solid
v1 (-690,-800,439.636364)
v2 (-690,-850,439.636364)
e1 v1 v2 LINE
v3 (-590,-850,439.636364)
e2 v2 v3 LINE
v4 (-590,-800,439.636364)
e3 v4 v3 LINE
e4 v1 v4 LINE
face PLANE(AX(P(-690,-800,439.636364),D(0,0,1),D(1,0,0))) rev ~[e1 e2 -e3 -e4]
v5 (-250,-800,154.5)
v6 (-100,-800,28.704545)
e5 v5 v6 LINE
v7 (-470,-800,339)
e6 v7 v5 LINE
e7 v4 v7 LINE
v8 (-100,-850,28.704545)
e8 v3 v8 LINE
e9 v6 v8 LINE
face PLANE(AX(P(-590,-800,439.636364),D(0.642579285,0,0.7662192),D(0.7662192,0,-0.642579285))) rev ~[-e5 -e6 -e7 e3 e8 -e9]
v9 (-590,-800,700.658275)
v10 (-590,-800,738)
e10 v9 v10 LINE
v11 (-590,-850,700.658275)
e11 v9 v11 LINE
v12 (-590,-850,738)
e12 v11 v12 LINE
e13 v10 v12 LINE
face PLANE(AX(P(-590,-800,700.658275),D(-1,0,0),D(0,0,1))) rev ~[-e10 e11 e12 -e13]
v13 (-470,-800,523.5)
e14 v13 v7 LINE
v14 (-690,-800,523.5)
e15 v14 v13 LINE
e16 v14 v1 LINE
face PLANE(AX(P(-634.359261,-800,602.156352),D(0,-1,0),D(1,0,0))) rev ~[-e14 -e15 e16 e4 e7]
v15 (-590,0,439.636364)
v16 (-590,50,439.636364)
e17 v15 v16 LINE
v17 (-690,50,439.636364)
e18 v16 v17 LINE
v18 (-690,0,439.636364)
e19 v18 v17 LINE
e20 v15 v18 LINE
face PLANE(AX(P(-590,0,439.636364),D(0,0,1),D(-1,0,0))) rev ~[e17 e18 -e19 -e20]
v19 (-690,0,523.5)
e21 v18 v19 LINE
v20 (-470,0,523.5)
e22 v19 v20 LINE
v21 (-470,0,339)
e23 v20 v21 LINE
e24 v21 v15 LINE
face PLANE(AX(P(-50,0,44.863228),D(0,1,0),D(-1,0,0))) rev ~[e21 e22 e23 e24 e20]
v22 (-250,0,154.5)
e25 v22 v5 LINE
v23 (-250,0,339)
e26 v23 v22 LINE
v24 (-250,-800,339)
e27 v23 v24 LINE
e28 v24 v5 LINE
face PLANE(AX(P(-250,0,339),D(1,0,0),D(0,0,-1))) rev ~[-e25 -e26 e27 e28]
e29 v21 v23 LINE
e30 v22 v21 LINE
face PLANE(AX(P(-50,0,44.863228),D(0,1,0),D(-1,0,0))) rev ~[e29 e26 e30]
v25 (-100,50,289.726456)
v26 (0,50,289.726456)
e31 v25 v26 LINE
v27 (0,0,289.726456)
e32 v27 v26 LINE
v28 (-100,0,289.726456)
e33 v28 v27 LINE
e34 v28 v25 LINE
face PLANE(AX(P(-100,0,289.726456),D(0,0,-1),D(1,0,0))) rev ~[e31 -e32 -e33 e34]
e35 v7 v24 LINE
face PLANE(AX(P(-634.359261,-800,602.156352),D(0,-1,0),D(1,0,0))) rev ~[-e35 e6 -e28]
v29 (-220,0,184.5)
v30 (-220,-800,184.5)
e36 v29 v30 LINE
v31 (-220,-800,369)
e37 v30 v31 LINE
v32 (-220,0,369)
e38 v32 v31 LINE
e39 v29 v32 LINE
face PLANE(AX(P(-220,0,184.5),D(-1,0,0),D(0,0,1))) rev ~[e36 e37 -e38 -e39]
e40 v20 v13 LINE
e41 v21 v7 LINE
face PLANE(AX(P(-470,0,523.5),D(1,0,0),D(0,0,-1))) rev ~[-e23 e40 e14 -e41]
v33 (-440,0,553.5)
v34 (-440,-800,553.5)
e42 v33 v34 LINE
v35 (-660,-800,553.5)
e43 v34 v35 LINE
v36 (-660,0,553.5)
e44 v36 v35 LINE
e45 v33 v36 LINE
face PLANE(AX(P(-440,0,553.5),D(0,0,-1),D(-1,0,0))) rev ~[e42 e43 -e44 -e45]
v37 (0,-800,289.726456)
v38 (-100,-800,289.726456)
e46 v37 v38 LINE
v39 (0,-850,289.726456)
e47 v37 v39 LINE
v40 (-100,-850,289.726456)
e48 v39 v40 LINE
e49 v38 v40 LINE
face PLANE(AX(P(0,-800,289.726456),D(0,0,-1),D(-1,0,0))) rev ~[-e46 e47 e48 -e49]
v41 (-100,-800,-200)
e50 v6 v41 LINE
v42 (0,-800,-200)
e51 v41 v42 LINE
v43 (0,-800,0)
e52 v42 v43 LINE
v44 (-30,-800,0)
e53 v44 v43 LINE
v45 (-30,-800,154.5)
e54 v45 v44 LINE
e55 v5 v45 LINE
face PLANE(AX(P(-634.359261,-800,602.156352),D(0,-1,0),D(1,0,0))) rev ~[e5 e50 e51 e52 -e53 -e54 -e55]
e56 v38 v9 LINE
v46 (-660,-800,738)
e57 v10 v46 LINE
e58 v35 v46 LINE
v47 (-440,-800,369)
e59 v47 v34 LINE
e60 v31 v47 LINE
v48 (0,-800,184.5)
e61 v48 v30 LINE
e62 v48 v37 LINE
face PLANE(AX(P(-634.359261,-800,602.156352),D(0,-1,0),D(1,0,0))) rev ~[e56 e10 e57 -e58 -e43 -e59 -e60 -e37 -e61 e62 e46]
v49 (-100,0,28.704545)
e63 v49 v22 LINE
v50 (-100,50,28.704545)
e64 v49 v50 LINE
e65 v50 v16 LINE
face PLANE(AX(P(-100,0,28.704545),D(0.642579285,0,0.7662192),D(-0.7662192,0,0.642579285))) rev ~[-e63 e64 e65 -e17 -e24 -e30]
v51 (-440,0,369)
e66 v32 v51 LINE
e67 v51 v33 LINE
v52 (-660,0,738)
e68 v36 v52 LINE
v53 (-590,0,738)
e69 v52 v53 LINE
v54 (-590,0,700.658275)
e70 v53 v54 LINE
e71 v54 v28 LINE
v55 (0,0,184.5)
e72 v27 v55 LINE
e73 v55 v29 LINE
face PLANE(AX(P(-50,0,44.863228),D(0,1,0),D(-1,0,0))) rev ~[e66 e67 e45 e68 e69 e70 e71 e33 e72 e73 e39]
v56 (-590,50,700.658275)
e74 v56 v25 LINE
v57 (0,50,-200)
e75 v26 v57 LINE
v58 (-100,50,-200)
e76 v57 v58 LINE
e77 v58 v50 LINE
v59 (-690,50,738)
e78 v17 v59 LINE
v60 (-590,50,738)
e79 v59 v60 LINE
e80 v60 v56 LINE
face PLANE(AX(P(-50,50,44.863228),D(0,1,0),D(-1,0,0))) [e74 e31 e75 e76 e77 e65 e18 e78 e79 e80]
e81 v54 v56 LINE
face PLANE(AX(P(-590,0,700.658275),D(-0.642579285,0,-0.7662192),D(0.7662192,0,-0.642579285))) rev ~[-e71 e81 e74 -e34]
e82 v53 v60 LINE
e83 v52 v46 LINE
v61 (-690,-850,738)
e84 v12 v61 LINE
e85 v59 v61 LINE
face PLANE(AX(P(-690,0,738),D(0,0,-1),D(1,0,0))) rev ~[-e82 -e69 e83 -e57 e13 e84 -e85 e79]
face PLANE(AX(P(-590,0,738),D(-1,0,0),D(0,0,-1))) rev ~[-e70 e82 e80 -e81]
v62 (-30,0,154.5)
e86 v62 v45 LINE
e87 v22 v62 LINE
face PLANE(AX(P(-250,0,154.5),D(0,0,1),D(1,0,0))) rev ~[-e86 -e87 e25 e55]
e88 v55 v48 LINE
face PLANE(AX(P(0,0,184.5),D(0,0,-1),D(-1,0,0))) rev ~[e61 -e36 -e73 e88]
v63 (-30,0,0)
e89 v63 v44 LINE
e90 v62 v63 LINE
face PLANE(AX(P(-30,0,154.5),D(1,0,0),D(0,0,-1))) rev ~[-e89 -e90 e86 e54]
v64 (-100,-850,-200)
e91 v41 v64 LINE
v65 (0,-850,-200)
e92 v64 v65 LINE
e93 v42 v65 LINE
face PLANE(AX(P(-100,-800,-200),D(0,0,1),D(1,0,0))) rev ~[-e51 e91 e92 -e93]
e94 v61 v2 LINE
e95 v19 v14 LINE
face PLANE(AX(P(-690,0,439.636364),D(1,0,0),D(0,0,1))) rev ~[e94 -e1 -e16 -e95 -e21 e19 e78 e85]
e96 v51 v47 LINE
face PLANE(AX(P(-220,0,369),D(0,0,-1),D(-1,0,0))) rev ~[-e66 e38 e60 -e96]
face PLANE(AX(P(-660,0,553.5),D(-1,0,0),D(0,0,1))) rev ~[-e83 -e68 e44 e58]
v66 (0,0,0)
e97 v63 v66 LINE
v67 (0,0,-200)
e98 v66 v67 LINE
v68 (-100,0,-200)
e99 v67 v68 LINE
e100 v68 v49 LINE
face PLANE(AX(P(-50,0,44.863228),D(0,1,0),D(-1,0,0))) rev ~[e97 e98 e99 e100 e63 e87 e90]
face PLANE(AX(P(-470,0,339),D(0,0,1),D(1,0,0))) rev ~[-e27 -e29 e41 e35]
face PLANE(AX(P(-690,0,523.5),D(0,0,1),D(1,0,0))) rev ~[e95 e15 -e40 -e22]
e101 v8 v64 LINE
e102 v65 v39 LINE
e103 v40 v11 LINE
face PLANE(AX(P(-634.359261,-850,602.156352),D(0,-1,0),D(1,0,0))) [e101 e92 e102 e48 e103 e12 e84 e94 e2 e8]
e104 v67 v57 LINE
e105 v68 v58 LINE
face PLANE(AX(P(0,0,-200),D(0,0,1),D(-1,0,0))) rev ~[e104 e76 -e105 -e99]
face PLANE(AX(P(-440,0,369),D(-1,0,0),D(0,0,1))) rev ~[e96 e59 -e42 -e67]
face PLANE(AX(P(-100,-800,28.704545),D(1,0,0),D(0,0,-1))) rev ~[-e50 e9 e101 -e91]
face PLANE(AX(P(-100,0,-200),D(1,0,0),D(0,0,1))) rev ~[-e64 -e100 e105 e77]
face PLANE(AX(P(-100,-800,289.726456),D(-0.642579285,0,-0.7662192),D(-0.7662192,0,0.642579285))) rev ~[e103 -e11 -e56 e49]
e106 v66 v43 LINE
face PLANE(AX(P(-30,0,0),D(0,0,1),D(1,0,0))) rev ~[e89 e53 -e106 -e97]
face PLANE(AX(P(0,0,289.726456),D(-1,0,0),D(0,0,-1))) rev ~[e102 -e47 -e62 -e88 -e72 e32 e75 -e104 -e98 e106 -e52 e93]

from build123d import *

# Parameters (mm, degrees)
F0_W     = 30
F0_H     = 154.5
F0_H_2   = 30
F0_W_2   = 190
F0_H_3   = 184.5
F1_DEPTH = 800
F3_DEPTH = 50
F5_DEPTH = 50


with BuildPart() as f1:
    # F0 (on Front) → F1 (new body)
    with BuildSketch(Plane.XZ):
        with Locations((-15, 77.25)):
            Rectangle(F0_W, F0_H)
        with Locations((-15, 169.5)):
            Rectangle(F0_W, F0_H_2)
        with Locations((-125, 169.5)):
            Rectangle(F0_W_2, F0_H_2)
        with Locations((-235, 169.5)):
            Rectangle(F0_W, F0_H_2)
        with Locations((-235, 261.75)):
            Rectangle(F0_W, F0_H)
        with Locations((-235, 354)):
            Rectangle(F0_W, F0_H_2)
        with Locations((-345, 354)):
            Rectangle(F0_W_2, F0_H_2)
        with Locations((-455, 354)):
            Rectangle(F0_W, F0_H_2)
        with Locations((-455, 446.25)):
            Rectangle(F0_W, F0_H)
        with Locations((-455, 538.5)):
            Rectangle(F0_W, F0_H_2)
        with Locations((-565, 538.5)):
            Rectangle(F0_W_2, F0_H_2)
        with Locations((-675, 538.5)):
            Rectangle(F0_W, F0_H_2)
        with Locations((-675, 645.75)):
            Rectangle(F0_W, F0_H_3)
    extrude(amount=F1_DEPTH)

    # F2 (on face) → F3 (join)
    with BuildSketch(Plane.XZ.offset(800)):
        Polygon((-690, 738), (-690, 523.5), (-590, 439.636364), (-590, 700.658275), (-590, 738), align=None)
        Polygon((-590, 439.636364), (-690, 523.5), (-690, 439.636364), align=None)
        Polygon((-590, 700.658275), (-590, 439.636364), (-100, 28.704545), (-100, 289.726456), align=None)
        Polygon((-100, 289.726456), (-100, 28.704545), (-100, -200), (0, -200), (0, 289.726456), align=None)
    extrude(amount=F3_DEPTH)

    # F4 (on face) → F5 (join)
    with BuildSketch(Plane(origin=(0, 0, 0), x_dir=(-1, 0, 0), z_dir=(0, 1, 0))):
        Polygon((0, 289.726456), (0, -200), (100, -200), (100, 28.704545), (100, 289.726456), align=None)
        Polygon((100, 289.726456), (100, 28.704545), (590, 439.636364), (590, 700.658275), align=None)
        Polygon((590, 700.658275), (590, 439.636364), (690, 439.636364), (690, 738), (590, 738), align=None)
    extrude(amount=F5_DEPTH)


solid = f1.part
